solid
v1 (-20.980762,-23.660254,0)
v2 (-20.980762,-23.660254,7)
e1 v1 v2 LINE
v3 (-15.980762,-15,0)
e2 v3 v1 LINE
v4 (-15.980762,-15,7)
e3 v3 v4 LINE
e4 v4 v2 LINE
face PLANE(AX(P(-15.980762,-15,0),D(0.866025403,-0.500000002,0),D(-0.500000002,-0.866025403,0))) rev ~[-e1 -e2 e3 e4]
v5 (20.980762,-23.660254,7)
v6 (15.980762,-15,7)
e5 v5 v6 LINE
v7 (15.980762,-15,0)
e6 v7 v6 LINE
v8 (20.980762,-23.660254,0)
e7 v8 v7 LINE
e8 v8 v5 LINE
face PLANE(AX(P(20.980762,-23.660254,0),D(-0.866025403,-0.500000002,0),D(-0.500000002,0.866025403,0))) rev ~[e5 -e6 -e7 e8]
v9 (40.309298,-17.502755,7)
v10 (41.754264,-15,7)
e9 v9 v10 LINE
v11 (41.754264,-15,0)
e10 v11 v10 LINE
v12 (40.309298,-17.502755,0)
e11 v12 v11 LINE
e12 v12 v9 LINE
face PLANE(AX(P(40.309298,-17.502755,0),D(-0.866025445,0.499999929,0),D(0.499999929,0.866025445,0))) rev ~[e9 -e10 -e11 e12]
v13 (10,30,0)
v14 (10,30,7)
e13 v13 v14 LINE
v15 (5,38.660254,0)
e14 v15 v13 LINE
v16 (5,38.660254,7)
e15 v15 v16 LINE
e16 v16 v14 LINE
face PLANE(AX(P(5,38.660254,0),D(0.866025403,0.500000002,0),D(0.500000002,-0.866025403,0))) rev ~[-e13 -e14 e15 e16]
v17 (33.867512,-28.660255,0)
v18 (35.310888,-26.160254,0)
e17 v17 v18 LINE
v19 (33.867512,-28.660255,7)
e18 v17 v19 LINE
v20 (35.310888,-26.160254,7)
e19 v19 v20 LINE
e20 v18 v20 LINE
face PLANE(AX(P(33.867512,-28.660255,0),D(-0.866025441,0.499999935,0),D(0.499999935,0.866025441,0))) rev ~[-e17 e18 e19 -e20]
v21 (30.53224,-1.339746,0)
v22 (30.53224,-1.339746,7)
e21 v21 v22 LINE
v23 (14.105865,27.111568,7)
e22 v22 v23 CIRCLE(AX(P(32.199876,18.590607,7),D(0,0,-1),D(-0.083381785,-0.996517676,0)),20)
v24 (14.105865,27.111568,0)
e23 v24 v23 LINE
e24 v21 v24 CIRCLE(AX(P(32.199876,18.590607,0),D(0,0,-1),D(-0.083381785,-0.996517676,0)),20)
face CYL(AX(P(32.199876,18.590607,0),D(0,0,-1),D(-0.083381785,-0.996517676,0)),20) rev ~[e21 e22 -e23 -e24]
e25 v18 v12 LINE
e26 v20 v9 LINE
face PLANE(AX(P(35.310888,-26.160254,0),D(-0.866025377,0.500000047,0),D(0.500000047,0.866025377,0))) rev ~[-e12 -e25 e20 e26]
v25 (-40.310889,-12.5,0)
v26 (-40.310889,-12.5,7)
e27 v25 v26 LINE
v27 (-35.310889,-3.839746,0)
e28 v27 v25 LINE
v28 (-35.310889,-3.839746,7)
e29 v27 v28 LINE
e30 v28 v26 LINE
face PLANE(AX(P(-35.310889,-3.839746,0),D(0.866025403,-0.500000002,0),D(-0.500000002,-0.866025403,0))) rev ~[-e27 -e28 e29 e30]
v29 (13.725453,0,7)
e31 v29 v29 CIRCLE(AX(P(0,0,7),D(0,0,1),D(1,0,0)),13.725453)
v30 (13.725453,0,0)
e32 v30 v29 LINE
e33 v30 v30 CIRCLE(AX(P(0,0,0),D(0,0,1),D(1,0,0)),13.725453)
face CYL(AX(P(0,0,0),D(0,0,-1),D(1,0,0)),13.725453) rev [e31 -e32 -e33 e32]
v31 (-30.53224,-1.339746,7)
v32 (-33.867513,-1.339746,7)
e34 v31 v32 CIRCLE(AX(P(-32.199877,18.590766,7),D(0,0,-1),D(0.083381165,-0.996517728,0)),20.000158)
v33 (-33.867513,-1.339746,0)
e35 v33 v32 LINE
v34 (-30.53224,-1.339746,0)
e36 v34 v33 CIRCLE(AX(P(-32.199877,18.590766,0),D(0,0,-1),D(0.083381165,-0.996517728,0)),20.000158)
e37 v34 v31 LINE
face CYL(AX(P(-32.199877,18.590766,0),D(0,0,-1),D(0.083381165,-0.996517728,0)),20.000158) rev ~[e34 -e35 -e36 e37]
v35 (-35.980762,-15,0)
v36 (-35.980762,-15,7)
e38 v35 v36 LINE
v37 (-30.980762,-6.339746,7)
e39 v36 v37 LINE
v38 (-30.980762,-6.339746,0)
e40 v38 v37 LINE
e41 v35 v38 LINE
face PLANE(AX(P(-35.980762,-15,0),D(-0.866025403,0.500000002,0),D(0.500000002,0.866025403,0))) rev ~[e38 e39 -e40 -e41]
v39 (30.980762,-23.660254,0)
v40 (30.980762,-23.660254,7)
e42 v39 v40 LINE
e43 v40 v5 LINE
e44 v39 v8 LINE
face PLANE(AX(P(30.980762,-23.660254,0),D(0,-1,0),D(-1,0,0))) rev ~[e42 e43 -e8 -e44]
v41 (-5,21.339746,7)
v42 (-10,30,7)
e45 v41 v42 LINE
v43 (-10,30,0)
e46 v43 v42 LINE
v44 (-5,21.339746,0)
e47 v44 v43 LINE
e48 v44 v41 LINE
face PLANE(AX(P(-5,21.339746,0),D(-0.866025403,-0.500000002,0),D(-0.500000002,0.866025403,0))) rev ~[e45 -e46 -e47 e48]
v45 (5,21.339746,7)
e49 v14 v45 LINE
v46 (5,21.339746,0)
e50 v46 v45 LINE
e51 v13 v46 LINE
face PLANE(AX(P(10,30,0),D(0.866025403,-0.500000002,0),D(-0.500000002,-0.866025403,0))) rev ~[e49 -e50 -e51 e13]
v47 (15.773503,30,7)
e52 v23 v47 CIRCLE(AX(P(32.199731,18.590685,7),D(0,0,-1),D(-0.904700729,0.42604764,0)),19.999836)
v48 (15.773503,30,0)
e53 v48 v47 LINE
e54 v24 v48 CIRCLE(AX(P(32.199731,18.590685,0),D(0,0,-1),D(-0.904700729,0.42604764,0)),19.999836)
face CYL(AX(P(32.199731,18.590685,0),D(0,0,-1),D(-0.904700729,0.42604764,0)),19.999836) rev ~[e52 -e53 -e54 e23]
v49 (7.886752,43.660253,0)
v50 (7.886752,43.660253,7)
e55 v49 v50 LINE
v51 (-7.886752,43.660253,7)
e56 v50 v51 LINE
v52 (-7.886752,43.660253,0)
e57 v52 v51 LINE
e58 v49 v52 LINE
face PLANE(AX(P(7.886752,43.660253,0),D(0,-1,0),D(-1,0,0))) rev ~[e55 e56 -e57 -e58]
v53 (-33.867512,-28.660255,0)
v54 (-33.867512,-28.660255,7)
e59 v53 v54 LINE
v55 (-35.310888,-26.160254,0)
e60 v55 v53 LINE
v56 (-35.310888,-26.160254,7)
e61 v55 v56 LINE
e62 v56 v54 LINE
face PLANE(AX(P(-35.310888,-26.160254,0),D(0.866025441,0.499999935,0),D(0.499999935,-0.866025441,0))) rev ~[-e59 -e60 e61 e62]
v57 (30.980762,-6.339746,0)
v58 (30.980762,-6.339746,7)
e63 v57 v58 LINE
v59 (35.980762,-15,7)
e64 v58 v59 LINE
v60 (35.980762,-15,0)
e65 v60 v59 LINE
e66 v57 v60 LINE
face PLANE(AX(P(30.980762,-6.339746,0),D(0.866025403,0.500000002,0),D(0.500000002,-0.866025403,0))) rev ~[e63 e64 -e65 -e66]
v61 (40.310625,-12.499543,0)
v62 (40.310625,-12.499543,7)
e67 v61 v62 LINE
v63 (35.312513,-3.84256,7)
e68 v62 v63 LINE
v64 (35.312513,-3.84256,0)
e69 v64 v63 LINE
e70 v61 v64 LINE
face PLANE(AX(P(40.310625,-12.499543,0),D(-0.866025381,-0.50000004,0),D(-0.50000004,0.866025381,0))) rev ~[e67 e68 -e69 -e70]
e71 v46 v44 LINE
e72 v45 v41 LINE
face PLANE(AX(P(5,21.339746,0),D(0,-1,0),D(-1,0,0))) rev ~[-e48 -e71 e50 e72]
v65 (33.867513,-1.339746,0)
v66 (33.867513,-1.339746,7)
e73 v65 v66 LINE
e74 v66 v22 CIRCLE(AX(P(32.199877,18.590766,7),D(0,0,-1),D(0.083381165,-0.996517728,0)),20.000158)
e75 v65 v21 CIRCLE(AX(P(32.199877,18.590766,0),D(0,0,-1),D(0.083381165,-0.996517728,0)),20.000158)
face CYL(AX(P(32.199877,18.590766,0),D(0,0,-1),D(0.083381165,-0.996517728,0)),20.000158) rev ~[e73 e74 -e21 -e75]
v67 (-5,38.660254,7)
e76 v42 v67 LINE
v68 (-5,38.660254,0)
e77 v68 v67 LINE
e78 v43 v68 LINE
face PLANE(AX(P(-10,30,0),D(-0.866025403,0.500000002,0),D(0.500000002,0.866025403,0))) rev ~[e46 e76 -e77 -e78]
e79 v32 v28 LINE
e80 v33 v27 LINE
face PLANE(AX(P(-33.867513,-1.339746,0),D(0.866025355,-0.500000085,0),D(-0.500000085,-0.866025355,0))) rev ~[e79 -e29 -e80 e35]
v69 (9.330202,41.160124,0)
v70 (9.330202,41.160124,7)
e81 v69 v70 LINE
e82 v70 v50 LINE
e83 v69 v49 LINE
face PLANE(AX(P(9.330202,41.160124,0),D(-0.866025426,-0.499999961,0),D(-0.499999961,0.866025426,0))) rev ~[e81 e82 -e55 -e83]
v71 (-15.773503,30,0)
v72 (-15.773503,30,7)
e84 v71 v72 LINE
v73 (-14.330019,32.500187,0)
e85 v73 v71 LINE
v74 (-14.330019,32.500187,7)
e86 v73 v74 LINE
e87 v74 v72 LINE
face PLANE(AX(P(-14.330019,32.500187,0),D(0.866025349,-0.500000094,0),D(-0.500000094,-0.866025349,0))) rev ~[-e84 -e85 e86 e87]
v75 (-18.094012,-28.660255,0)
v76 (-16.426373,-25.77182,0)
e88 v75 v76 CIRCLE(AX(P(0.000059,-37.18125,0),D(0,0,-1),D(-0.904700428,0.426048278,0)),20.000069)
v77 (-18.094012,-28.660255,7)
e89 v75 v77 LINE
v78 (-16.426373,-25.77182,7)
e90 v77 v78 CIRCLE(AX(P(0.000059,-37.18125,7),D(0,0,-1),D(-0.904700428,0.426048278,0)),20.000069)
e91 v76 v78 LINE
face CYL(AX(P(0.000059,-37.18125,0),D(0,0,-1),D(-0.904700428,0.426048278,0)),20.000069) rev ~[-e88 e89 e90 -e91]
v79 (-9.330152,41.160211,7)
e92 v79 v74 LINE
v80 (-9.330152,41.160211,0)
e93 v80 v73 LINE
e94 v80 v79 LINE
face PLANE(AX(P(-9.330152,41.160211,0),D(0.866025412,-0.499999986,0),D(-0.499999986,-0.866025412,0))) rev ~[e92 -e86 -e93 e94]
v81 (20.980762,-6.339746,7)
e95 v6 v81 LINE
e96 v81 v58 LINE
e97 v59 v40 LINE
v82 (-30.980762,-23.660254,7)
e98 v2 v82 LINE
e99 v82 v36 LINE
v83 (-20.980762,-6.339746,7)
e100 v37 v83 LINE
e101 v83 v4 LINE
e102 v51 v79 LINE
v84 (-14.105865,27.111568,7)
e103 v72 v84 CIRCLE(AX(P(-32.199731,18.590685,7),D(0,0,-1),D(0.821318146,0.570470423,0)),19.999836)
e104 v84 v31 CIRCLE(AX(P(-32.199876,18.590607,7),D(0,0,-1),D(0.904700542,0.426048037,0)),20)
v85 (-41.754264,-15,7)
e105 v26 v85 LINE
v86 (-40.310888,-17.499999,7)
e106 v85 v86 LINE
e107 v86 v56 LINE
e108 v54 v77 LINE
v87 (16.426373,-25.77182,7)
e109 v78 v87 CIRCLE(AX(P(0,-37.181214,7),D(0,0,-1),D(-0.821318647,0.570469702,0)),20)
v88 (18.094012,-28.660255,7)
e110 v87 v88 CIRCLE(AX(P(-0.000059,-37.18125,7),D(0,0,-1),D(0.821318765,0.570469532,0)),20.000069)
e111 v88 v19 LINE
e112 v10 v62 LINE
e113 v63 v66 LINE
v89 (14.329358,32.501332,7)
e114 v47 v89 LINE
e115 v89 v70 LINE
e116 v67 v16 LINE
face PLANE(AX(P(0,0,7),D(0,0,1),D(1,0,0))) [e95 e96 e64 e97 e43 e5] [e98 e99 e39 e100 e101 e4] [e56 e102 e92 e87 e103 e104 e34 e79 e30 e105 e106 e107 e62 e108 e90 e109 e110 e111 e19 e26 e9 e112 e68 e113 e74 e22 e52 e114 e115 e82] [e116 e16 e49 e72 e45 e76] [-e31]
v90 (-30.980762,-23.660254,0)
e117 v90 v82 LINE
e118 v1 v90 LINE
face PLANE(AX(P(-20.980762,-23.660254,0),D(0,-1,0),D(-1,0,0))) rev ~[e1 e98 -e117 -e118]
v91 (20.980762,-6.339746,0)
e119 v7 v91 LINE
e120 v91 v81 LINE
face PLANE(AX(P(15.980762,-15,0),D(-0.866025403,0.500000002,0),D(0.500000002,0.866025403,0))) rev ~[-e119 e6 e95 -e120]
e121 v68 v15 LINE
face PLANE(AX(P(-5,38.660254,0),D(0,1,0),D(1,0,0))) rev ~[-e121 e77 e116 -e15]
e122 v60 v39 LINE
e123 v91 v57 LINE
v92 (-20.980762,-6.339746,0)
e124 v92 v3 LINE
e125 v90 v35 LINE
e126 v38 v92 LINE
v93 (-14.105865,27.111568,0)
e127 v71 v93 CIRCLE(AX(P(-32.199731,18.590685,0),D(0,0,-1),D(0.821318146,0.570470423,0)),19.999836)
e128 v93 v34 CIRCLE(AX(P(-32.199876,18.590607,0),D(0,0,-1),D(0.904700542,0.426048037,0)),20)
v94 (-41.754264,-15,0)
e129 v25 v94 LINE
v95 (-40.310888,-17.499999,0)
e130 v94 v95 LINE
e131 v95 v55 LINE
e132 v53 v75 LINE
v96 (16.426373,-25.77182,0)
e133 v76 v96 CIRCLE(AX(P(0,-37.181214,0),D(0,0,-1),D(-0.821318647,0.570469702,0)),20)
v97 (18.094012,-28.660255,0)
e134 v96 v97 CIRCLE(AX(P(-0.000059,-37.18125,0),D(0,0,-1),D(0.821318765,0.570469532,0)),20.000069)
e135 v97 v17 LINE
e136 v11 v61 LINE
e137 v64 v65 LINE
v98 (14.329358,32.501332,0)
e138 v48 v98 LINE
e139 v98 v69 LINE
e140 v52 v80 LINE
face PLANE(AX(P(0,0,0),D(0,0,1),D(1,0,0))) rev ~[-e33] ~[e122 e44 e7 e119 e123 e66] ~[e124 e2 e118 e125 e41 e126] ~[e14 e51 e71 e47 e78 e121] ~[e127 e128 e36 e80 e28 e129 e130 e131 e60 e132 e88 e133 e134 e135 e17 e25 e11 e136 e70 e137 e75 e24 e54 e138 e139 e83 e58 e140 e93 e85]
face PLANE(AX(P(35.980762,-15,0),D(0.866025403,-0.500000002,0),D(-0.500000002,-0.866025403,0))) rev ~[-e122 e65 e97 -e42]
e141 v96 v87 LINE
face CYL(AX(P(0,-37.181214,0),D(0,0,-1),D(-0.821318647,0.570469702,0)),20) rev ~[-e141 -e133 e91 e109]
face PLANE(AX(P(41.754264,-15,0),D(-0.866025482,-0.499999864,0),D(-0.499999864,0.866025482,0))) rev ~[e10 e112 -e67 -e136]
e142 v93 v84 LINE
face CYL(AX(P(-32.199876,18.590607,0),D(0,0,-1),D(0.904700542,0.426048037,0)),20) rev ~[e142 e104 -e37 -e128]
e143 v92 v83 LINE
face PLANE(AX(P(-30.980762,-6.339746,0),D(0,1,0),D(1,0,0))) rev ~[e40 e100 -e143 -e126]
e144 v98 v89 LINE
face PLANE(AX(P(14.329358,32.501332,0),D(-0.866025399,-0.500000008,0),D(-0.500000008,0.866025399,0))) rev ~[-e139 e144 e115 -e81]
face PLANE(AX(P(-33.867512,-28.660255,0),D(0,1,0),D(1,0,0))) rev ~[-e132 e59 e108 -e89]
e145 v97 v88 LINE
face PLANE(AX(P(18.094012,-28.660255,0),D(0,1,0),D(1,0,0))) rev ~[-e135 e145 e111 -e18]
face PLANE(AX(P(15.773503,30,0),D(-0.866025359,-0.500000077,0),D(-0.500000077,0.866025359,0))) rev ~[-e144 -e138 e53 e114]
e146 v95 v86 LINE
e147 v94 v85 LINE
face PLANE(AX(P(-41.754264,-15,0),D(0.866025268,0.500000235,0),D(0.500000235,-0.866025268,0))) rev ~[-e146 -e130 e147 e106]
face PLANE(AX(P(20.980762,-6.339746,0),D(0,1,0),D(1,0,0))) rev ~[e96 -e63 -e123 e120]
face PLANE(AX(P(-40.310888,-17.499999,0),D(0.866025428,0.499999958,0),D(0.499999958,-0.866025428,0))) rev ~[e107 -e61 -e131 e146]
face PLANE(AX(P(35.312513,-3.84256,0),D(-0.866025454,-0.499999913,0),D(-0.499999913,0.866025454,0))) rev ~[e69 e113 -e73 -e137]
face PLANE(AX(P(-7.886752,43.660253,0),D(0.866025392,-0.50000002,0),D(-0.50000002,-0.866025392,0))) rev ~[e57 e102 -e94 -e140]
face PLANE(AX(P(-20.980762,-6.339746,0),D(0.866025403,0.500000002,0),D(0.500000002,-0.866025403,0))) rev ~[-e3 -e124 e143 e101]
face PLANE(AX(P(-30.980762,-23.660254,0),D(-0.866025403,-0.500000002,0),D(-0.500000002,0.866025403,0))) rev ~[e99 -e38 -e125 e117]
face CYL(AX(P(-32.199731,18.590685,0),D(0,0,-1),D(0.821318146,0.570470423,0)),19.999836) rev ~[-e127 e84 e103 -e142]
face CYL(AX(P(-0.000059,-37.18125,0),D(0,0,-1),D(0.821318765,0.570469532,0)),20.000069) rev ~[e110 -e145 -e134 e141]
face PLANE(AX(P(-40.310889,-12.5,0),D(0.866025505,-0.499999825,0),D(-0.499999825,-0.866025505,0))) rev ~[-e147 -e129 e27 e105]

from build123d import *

# Parameters (mm, degrees)
F0_R     = 13.725453
F1_DEPTH = 7


with BuildPart() as f1:
    # F0 (on Top) → F1 (new body)
    with BuildSketch(Plane.XY):
        with BuildLine():
            Line((5, 43.660253), (-5, 43.660253))
            Line((-5, 43.660253), (-7.886752, 43.660253))
            Line((-7.886752, 43.660253), (-9.330152, 41.160211))
            Line((-9.330152, 41.160211), (-14.330019, 32.500187))
            Line((-14.330019, 32.500187), (-15.773503, 30))
            ThreePointArc((-15.773503, 30), (-14.879368, 28.590608), (-14.105865, 27.111568))
            ThreePointArc((-14.105865, 27.111568), (-14.879368, 8.590607), (-30.53224, -1.339746))
            ThreePointArc((-30.53224, -1.339746), (-32.199876, -1.409392), (-33.867513, -1.339746))
            Line((-33.867513, -1.339746), (-35.310889, -3.839746))
            Line((-35.310889, -3.839746), (-40.310889, -12.5))
            Line((-40.310889, -12.5), (-41.754264, -15))
            Line((-41.754264, -15), (-40.310888, -17.499999))
            Line((-40.310888, -17.499999), (-35.310888, -26.160254))
            Line((-35.310888, -26.160254), (-33.867512, -28.660255))
            Line((-33.867512, -28.660255), (-30.980762, -28.660255))
            Line((-30.980762, -28.660255), (-20.980762, -28.660255))
            Line((-20.980762, -28.660255), (-18.094012, -28.660255))
            ThreePointArc((-18.094012, -28.660255), (-17.320508, -27.181214), (-16.426373, -25.77182))
            ThreePointArc((-16.426373, -25.77182), (0, -17.181214), (16.426373, -25.77182))
            ThreePointArc((16.426373, -25.77182), (17.320508, -27.181214), (18.094012, -28.660255))
            Line((18.094012, -28.660255), (20.980762, -28.660255))
            Line((20.980762, -28.660255), (30.980762, -28.660255))
            Line((30.980762, -28.660255), (33.867512, -28.660255))
            Line((33.867512, -28.660255), (35.310888, -26.160254))
            Line((35.310888, -26.160254), (40.309298, -17.502755))
            Line((40.309298, -17.502755), (41.754264, -15))
            Line((41.754264, -15), (40.310625, -12.499543))
            Line((40.310625, -12.499543), (35.312513, -3.84256))
            Line((35.312513, -3.84256), (33.867513, -1.339746))
            ThreePointArc((33.867513, -1.339746), (32.199876, -1.409392), (30.53224, -1.339746))
            ThreePointArc((30.53224, -1.339746), (14.879368, 8.590607), (14.105865, 27.111568))
            ThreePointArc((14.105865, 27.111568), (14.879368, 28.590608), (15.773503, 30))
            Line((15.773503, 30), (14.329358, 32.501332))
            Line((14.329358, 32.501332), (9.330202, 41.160124))
            Line((9.330202, 41.160124), (7.886752, 43.660253))
            Line((7.886752, 43.660253), (5, 43.660253))
        make_face()
        Polygon((-30.980762, -6.339746), (-20.980762, -6.339746), (-15.980762, -15), (-20.980762, -23.660254), (-30.980762, -23.660254), (-35.980762, -15), align=None, mode=Mode.SUBTRACT)
        Circle(F0_R, mode=Mode.SUBTRACT)
        Polygon((20.980762, -23.660254), (15.980762, -15), (20.980762, -6.339746), (30.980762, -6.339746), (35.980762, -15), (30.980762, -23.660254), align=None, mode=Mode.SUBTRACT)
        Polygon((10, 30), (5, 21.339746), (-5, 21.339746), (-10, 30), (-5, 38.660254), (5, 38.660254), align=None, mode=Mode.SUBTRACT)
    extrude(amount=F1_DEPTH)


solid = f1.part
